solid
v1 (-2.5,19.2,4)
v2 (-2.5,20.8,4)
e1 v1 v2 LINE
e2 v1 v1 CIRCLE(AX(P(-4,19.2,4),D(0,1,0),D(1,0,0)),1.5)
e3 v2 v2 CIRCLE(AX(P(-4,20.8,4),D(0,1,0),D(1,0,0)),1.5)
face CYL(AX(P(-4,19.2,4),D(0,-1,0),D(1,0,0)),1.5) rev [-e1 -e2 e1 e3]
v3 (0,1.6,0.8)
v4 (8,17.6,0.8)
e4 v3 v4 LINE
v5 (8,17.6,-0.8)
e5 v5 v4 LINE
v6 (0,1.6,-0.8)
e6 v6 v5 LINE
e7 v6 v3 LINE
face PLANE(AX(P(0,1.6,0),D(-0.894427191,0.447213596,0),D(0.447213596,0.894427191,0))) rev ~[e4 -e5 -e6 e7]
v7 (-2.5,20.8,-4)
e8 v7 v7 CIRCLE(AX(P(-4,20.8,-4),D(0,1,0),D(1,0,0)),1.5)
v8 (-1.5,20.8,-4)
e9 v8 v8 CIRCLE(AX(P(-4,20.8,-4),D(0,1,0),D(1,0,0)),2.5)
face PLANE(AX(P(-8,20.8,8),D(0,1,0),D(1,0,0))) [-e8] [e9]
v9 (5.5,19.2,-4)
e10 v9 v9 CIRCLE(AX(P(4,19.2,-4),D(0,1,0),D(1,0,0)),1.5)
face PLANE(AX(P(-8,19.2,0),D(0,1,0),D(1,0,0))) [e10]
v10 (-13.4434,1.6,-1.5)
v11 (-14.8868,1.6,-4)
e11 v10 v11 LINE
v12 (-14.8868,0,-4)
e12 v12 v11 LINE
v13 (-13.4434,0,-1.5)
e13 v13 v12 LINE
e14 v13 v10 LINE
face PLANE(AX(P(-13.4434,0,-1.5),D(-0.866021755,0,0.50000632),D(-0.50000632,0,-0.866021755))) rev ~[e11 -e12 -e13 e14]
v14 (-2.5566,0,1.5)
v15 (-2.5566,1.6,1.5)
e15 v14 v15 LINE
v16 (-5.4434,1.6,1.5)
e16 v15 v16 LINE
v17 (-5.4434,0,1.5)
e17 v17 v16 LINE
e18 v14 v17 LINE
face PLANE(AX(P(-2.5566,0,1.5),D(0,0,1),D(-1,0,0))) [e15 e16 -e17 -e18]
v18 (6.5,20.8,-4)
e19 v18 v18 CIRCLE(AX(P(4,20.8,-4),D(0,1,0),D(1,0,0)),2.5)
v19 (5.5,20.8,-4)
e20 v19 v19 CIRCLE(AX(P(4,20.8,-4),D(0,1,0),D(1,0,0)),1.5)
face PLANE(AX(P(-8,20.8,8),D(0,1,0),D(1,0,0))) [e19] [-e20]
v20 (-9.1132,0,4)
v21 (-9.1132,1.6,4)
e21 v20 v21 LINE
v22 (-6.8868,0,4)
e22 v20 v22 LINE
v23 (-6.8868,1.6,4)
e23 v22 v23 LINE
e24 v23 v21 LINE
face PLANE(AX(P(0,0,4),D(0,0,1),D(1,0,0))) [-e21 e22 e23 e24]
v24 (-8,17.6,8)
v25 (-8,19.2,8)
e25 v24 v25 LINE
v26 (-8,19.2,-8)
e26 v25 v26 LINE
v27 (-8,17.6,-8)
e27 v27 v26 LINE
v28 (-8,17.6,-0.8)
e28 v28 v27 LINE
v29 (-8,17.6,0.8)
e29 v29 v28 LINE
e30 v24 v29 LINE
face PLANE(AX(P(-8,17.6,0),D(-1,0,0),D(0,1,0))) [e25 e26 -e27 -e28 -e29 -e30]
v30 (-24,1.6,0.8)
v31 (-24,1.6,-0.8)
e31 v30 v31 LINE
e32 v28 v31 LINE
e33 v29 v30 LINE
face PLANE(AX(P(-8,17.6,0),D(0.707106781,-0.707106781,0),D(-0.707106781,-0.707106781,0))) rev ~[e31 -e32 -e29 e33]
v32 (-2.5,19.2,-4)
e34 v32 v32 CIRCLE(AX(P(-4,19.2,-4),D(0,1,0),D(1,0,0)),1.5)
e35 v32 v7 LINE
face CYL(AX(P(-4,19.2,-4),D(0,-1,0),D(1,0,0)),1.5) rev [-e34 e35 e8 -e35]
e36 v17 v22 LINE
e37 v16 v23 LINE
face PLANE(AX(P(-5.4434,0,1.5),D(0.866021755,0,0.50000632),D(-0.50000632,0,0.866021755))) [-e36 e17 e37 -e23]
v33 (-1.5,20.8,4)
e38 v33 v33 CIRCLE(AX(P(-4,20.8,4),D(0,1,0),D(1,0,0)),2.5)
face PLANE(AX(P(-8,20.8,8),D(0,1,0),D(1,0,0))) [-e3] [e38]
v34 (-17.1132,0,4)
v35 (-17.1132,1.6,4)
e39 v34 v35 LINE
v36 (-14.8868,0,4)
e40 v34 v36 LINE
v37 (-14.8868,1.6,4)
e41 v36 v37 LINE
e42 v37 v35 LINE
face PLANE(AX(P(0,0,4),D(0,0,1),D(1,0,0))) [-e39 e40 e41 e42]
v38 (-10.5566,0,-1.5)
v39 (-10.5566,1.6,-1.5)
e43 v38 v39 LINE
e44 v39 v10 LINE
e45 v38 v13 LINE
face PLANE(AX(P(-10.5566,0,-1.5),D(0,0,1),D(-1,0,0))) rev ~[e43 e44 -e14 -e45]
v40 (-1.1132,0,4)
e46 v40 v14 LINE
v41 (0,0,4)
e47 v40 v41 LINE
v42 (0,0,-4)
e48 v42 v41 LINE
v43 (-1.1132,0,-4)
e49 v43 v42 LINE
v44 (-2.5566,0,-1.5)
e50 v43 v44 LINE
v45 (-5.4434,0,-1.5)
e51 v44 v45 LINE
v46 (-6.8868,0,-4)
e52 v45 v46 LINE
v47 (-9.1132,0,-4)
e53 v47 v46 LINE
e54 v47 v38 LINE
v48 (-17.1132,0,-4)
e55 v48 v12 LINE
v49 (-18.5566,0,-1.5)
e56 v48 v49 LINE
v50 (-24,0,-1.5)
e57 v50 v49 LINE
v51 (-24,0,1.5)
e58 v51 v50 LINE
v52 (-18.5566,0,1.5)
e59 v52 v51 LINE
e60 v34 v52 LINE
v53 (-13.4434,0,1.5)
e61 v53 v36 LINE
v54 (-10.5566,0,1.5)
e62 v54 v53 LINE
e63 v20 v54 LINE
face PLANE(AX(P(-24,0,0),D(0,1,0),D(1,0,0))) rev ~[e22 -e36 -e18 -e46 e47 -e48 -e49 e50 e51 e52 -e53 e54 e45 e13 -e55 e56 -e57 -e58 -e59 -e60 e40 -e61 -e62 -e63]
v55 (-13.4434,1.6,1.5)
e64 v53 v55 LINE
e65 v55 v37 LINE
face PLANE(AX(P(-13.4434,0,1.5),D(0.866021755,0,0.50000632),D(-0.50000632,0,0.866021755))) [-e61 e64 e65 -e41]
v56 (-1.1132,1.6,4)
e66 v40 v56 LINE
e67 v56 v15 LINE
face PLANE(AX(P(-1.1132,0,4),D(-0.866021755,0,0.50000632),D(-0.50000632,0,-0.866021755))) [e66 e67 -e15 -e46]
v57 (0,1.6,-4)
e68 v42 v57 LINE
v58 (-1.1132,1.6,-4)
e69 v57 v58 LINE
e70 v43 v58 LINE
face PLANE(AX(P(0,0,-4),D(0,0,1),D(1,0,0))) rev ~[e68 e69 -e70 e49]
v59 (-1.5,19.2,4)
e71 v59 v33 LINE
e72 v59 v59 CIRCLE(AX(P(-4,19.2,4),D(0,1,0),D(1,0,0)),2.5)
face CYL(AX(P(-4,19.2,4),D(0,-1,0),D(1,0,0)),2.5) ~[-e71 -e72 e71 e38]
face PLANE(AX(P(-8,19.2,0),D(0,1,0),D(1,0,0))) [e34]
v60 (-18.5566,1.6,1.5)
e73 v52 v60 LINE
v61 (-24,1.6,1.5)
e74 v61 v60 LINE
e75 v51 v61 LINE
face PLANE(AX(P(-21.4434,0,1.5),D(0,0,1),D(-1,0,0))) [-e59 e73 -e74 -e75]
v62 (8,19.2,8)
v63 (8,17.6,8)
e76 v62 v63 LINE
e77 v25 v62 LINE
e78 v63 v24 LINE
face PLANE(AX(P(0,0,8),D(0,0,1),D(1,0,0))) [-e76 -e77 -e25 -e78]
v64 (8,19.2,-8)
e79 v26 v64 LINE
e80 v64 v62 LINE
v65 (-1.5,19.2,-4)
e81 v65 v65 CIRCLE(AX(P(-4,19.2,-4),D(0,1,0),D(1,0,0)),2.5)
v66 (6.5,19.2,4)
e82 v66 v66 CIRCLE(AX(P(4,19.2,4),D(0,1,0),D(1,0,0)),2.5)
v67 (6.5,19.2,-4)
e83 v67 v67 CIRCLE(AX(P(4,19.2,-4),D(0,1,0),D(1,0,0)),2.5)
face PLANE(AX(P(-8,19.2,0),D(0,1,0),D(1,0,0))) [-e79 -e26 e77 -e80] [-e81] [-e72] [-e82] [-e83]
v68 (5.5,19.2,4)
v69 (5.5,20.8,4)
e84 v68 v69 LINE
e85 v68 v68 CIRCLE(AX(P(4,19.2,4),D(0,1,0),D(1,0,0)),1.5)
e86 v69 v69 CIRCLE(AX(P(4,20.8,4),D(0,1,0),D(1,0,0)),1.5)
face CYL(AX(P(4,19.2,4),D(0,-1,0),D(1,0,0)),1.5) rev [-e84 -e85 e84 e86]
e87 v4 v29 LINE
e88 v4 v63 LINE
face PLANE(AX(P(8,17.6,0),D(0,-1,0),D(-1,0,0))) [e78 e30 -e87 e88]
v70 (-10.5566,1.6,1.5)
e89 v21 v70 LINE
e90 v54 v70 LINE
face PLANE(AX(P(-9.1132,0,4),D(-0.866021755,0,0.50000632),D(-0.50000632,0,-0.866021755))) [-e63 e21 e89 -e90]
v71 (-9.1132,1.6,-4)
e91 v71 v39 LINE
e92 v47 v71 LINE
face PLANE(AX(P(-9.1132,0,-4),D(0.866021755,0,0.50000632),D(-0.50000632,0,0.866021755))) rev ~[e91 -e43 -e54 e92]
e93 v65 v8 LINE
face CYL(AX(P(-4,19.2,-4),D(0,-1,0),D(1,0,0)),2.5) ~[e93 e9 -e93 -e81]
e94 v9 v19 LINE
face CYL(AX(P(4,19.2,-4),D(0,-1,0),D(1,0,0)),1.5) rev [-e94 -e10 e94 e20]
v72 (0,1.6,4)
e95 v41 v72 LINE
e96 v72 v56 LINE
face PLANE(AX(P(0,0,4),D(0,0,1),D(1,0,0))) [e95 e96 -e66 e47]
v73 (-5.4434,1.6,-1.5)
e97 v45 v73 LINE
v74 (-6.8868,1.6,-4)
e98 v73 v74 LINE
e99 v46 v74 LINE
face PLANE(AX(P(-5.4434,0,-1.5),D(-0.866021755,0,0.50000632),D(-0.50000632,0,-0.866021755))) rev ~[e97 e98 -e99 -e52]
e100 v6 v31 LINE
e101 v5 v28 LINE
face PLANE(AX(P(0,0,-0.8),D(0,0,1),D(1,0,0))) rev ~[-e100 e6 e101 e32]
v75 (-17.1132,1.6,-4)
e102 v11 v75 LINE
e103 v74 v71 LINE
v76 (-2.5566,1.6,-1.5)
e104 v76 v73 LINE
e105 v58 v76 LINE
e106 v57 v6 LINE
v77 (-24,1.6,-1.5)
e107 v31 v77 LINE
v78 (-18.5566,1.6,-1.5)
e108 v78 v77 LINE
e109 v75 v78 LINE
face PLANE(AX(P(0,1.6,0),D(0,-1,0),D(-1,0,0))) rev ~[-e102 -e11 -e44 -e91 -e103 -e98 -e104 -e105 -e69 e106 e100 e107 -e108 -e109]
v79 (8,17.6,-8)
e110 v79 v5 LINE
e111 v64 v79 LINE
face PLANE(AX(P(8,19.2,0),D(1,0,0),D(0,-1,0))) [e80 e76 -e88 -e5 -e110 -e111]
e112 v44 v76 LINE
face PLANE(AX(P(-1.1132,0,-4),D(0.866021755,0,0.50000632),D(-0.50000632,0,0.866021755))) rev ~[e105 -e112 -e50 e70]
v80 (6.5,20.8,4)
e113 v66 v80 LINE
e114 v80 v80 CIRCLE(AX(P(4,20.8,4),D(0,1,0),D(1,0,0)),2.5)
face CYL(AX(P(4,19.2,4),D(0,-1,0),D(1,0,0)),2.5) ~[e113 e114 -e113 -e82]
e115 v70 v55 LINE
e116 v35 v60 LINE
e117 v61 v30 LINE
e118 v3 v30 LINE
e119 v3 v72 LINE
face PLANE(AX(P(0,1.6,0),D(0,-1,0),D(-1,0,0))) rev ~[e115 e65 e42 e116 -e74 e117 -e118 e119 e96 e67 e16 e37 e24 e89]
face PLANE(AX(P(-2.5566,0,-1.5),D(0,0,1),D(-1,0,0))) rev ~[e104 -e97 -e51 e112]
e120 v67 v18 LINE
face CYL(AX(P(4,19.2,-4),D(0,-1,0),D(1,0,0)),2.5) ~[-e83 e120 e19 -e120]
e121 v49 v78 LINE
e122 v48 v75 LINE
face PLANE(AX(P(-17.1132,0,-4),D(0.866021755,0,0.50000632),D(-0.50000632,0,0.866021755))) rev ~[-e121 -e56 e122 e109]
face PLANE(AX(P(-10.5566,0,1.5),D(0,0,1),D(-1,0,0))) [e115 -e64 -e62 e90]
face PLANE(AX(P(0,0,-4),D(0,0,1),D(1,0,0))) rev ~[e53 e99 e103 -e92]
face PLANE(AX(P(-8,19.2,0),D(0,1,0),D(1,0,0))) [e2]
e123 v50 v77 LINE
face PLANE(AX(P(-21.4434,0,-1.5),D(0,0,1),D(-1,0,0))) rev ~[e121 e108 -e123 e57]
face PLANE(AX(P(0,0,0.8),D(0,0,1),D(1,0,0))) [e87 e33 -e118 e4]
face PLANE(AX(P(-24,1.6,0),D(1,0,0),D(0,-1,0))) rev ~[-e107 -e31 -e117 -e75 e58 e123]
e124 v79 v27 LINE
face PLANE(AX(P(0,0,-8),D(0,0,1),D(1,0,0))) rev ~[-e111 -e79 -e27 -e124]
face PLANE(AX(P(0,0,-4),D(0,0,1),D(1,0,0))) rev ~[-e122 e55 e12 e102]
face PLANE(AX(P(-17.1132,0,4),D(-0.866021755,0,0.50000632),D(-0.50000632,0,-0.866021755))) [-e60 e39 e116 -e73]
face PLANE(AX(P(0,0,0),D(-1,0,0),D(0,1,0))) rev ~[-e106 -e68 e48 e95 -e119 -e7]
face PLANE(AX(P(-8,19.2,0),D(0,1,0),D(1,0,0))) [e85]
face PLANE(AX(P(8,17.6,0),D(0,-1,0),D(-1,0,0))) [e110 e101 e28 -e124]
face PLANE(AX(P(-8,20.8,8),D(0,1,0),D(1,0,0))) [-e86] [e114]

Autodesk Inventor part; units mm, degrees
ref_plane "YZ Plane" through (0, 0, 0) normal (1, 0, 0) x (0, 1, 0)
ref_plane "XZ Plane" through (0, 0, 0) normal (0, 1, 0) x (-1, 0, 0)
ref_plane "XY Plane" through (0, 0, 0) normal (0, 0, 1) x (1, 0, 0)
sketch "Sketch1" plane through (0, 0, 0) normal (0, 0, 1) x (1, 0, 0)
  line L0 (0, 0) -> (0, 1.6)
  line L1 (0, 1.6) -> (-24, 1.6)
  line L2 (-24, 1.6) -> (-24, 0)
  line L3 (-24, 0) -> (0, 0)
  line L4 (0, 1.6) -> (8, 17.6)
  line L5 (8, 17.6) -> (-8, 17.6)
  line L6 (-8, 17.6) -> (-24, 1.6)
  line L7 (-8, 17.6) -> (-8, 19.2)
  line L8 (-8, 19.2) -> (8, 19.2)
  line L9 (8, 19.2) -> (8, 17.6)
  dimension "d0" = 16
  dimension "d1" = 24
  dimension "d2" = 1.6
  dimension "d3" = 1.6
  dimension "d4" = 19.2
  dimension "d5" = 8
extrude "Extrusion1" add sketch "Sketch1" along normal mid plane 16 contours L5 L7 L8 L9
extrude "Extrusion2" add sketch "Sketch1" along normal mid plane 8 contours L3 L2 L1 L0
extrude "Extrusion3" add sketch "Sketch1" along normal mid plane 1.6 contours L1 L6 L5 L4
sketch "Sketch2" plane through (-8, 19.2, 8) normal (0, 1, 0) x (1, 0, 0)
  line L0 (16, 16) -> (0, 16) projected
  line L1 (0, 16) -> (0, 0) projected
  circle A0 centre (4, 12) radius 2.5
  circle A1 centre (4, 12) radius 1.5
  circle A2 centre (12, 12) radius 1.5
  circle A3 centre (12, 12) radius 2.5
  circle A4 centre (4, 4) radius 1.5
  circle A5 centre (4, 4) radius 2.5
  circle A6 centre (12, 4) radius 1.5
  circle A7 centre (12, 4) radius 2.5
  point P0 (8, 8)
  dimension "d12" = 5
  dimension "d13" = 4
  dimension "d14" = 8
  dimension "d15" = 4
  dimension "d16" = 8
  dimension "d17" = 3
extrude "Extrusion4" add sketch "Sketch2" along normal blind 1.6
sketch "Sketch3" plane through (-24, 0, 4) normal (0, -1, 0) x (1, 0, 0)
  line L0 (24, 0) -> (0, 0) projected
  line L1 (0, -8) -> (0, 0) projected
  line L2 (0, -8) -> (24, -8) projected
  line L3 (24, 0) -> (24, -8) projected
  line L4 (22.8868, 0) -> (21.4434, -2.5)
  line L5 (21.4434, -2.5) -> (18.5566, -2.5)
  line L6 (18.5566, -2.5) -> (17.1132, 0)
  circle A0 centre (20, 0) radius 2.5 construction
  line L7 (14.8868, 0) -> (13.4434, -2.5)
  line L8 (13.4434, -2.5) -> (10.5566, -2.5)
  line L9 (10.5566, -2.5) -> (9.1132, 0)
  circle A1 centre (12, 0) radius 2.5 construction
  line L10 (6.8868, 0) -> (5.4434, -2.5)
  line L11 (5.4434, -2.5) -> (2.5566, -2.5)
  line L12 (2.5566, -2.5) -> (1.1132, 0)
  circle A2 centre (4, 0) radius 2.5 construction
  line L13 (0, -4) -> (24, -4) construction
  line L14 (0, -4) -> (24, -4)
  line L15 (22.8868, -8) -> (21.4434, -5.5)
  line L16 (21.4434, -5.5) -> (18.5566, -5.5)
  line L17 (18.5566, -5.5) -> (17.1132, -8)
  line L18 (10.5566, -5.5) -> (9.1132, -8)
  line L19 (13.4434, -5.5) -> (10.5566, -5.5)
  line L20 (14.8868, -8) -> (13.4434, -5.5)
  line L21 (2.5566, -5.5) -> (1.1132, -8)
  line L22 (5.4434, -5.5) -> (2.5566, -5.5)
  line L23 (6.8868, -8) -> (5.4434, -5.5)
  line L24 (2.5566, -5.5) -> (0, -5.5)
  line L25 (2.5566, -2.5) -> (0, -2.5)
  line L26 (1.1132, -8) -> (6.8868, -8)
  line L27 (9.1132, -8) -> (14.8868, -8)
  line L28 (17.1132, -8) -> (22.8868, -8)
  line L29 (22.8868, 0) -> (17.1132, 0)
  line L30 (14.8868, 0) -> (9.1132, 0)
  line L31 (6.8868, 0) -> (1.1132, 0)
  line L32 (1.1132, 0) -> (0, 0)
  line L33 (0, 0) -> (0, -2.5)
  line L34 (0, -5.5) -> (0, -8)
  line L35 (0, -8) -> (1.1132, -8)
  point P0 (20, -8)
  point P1 (12, -8)
  point P2 (4, -8)
  dimension "d20" = 5
  dimension "d21" = 4
  dimension "d22" = 120
  dimension "d25" = 8
extrude "Extrusion5" cut sketch "Sketch3" against normal blind 1.6 contours L4 L5 L6 L0 | L7 L8 L9 L0 | L2 L17 L16 L15 | L24 L21 L2 L1 | L1 L0 L12 L25 | L22 L23 L2 L21 | L12 L0 L10 L11 | L2 L18 L19 L20
properties part number "3479" material "Steel"
